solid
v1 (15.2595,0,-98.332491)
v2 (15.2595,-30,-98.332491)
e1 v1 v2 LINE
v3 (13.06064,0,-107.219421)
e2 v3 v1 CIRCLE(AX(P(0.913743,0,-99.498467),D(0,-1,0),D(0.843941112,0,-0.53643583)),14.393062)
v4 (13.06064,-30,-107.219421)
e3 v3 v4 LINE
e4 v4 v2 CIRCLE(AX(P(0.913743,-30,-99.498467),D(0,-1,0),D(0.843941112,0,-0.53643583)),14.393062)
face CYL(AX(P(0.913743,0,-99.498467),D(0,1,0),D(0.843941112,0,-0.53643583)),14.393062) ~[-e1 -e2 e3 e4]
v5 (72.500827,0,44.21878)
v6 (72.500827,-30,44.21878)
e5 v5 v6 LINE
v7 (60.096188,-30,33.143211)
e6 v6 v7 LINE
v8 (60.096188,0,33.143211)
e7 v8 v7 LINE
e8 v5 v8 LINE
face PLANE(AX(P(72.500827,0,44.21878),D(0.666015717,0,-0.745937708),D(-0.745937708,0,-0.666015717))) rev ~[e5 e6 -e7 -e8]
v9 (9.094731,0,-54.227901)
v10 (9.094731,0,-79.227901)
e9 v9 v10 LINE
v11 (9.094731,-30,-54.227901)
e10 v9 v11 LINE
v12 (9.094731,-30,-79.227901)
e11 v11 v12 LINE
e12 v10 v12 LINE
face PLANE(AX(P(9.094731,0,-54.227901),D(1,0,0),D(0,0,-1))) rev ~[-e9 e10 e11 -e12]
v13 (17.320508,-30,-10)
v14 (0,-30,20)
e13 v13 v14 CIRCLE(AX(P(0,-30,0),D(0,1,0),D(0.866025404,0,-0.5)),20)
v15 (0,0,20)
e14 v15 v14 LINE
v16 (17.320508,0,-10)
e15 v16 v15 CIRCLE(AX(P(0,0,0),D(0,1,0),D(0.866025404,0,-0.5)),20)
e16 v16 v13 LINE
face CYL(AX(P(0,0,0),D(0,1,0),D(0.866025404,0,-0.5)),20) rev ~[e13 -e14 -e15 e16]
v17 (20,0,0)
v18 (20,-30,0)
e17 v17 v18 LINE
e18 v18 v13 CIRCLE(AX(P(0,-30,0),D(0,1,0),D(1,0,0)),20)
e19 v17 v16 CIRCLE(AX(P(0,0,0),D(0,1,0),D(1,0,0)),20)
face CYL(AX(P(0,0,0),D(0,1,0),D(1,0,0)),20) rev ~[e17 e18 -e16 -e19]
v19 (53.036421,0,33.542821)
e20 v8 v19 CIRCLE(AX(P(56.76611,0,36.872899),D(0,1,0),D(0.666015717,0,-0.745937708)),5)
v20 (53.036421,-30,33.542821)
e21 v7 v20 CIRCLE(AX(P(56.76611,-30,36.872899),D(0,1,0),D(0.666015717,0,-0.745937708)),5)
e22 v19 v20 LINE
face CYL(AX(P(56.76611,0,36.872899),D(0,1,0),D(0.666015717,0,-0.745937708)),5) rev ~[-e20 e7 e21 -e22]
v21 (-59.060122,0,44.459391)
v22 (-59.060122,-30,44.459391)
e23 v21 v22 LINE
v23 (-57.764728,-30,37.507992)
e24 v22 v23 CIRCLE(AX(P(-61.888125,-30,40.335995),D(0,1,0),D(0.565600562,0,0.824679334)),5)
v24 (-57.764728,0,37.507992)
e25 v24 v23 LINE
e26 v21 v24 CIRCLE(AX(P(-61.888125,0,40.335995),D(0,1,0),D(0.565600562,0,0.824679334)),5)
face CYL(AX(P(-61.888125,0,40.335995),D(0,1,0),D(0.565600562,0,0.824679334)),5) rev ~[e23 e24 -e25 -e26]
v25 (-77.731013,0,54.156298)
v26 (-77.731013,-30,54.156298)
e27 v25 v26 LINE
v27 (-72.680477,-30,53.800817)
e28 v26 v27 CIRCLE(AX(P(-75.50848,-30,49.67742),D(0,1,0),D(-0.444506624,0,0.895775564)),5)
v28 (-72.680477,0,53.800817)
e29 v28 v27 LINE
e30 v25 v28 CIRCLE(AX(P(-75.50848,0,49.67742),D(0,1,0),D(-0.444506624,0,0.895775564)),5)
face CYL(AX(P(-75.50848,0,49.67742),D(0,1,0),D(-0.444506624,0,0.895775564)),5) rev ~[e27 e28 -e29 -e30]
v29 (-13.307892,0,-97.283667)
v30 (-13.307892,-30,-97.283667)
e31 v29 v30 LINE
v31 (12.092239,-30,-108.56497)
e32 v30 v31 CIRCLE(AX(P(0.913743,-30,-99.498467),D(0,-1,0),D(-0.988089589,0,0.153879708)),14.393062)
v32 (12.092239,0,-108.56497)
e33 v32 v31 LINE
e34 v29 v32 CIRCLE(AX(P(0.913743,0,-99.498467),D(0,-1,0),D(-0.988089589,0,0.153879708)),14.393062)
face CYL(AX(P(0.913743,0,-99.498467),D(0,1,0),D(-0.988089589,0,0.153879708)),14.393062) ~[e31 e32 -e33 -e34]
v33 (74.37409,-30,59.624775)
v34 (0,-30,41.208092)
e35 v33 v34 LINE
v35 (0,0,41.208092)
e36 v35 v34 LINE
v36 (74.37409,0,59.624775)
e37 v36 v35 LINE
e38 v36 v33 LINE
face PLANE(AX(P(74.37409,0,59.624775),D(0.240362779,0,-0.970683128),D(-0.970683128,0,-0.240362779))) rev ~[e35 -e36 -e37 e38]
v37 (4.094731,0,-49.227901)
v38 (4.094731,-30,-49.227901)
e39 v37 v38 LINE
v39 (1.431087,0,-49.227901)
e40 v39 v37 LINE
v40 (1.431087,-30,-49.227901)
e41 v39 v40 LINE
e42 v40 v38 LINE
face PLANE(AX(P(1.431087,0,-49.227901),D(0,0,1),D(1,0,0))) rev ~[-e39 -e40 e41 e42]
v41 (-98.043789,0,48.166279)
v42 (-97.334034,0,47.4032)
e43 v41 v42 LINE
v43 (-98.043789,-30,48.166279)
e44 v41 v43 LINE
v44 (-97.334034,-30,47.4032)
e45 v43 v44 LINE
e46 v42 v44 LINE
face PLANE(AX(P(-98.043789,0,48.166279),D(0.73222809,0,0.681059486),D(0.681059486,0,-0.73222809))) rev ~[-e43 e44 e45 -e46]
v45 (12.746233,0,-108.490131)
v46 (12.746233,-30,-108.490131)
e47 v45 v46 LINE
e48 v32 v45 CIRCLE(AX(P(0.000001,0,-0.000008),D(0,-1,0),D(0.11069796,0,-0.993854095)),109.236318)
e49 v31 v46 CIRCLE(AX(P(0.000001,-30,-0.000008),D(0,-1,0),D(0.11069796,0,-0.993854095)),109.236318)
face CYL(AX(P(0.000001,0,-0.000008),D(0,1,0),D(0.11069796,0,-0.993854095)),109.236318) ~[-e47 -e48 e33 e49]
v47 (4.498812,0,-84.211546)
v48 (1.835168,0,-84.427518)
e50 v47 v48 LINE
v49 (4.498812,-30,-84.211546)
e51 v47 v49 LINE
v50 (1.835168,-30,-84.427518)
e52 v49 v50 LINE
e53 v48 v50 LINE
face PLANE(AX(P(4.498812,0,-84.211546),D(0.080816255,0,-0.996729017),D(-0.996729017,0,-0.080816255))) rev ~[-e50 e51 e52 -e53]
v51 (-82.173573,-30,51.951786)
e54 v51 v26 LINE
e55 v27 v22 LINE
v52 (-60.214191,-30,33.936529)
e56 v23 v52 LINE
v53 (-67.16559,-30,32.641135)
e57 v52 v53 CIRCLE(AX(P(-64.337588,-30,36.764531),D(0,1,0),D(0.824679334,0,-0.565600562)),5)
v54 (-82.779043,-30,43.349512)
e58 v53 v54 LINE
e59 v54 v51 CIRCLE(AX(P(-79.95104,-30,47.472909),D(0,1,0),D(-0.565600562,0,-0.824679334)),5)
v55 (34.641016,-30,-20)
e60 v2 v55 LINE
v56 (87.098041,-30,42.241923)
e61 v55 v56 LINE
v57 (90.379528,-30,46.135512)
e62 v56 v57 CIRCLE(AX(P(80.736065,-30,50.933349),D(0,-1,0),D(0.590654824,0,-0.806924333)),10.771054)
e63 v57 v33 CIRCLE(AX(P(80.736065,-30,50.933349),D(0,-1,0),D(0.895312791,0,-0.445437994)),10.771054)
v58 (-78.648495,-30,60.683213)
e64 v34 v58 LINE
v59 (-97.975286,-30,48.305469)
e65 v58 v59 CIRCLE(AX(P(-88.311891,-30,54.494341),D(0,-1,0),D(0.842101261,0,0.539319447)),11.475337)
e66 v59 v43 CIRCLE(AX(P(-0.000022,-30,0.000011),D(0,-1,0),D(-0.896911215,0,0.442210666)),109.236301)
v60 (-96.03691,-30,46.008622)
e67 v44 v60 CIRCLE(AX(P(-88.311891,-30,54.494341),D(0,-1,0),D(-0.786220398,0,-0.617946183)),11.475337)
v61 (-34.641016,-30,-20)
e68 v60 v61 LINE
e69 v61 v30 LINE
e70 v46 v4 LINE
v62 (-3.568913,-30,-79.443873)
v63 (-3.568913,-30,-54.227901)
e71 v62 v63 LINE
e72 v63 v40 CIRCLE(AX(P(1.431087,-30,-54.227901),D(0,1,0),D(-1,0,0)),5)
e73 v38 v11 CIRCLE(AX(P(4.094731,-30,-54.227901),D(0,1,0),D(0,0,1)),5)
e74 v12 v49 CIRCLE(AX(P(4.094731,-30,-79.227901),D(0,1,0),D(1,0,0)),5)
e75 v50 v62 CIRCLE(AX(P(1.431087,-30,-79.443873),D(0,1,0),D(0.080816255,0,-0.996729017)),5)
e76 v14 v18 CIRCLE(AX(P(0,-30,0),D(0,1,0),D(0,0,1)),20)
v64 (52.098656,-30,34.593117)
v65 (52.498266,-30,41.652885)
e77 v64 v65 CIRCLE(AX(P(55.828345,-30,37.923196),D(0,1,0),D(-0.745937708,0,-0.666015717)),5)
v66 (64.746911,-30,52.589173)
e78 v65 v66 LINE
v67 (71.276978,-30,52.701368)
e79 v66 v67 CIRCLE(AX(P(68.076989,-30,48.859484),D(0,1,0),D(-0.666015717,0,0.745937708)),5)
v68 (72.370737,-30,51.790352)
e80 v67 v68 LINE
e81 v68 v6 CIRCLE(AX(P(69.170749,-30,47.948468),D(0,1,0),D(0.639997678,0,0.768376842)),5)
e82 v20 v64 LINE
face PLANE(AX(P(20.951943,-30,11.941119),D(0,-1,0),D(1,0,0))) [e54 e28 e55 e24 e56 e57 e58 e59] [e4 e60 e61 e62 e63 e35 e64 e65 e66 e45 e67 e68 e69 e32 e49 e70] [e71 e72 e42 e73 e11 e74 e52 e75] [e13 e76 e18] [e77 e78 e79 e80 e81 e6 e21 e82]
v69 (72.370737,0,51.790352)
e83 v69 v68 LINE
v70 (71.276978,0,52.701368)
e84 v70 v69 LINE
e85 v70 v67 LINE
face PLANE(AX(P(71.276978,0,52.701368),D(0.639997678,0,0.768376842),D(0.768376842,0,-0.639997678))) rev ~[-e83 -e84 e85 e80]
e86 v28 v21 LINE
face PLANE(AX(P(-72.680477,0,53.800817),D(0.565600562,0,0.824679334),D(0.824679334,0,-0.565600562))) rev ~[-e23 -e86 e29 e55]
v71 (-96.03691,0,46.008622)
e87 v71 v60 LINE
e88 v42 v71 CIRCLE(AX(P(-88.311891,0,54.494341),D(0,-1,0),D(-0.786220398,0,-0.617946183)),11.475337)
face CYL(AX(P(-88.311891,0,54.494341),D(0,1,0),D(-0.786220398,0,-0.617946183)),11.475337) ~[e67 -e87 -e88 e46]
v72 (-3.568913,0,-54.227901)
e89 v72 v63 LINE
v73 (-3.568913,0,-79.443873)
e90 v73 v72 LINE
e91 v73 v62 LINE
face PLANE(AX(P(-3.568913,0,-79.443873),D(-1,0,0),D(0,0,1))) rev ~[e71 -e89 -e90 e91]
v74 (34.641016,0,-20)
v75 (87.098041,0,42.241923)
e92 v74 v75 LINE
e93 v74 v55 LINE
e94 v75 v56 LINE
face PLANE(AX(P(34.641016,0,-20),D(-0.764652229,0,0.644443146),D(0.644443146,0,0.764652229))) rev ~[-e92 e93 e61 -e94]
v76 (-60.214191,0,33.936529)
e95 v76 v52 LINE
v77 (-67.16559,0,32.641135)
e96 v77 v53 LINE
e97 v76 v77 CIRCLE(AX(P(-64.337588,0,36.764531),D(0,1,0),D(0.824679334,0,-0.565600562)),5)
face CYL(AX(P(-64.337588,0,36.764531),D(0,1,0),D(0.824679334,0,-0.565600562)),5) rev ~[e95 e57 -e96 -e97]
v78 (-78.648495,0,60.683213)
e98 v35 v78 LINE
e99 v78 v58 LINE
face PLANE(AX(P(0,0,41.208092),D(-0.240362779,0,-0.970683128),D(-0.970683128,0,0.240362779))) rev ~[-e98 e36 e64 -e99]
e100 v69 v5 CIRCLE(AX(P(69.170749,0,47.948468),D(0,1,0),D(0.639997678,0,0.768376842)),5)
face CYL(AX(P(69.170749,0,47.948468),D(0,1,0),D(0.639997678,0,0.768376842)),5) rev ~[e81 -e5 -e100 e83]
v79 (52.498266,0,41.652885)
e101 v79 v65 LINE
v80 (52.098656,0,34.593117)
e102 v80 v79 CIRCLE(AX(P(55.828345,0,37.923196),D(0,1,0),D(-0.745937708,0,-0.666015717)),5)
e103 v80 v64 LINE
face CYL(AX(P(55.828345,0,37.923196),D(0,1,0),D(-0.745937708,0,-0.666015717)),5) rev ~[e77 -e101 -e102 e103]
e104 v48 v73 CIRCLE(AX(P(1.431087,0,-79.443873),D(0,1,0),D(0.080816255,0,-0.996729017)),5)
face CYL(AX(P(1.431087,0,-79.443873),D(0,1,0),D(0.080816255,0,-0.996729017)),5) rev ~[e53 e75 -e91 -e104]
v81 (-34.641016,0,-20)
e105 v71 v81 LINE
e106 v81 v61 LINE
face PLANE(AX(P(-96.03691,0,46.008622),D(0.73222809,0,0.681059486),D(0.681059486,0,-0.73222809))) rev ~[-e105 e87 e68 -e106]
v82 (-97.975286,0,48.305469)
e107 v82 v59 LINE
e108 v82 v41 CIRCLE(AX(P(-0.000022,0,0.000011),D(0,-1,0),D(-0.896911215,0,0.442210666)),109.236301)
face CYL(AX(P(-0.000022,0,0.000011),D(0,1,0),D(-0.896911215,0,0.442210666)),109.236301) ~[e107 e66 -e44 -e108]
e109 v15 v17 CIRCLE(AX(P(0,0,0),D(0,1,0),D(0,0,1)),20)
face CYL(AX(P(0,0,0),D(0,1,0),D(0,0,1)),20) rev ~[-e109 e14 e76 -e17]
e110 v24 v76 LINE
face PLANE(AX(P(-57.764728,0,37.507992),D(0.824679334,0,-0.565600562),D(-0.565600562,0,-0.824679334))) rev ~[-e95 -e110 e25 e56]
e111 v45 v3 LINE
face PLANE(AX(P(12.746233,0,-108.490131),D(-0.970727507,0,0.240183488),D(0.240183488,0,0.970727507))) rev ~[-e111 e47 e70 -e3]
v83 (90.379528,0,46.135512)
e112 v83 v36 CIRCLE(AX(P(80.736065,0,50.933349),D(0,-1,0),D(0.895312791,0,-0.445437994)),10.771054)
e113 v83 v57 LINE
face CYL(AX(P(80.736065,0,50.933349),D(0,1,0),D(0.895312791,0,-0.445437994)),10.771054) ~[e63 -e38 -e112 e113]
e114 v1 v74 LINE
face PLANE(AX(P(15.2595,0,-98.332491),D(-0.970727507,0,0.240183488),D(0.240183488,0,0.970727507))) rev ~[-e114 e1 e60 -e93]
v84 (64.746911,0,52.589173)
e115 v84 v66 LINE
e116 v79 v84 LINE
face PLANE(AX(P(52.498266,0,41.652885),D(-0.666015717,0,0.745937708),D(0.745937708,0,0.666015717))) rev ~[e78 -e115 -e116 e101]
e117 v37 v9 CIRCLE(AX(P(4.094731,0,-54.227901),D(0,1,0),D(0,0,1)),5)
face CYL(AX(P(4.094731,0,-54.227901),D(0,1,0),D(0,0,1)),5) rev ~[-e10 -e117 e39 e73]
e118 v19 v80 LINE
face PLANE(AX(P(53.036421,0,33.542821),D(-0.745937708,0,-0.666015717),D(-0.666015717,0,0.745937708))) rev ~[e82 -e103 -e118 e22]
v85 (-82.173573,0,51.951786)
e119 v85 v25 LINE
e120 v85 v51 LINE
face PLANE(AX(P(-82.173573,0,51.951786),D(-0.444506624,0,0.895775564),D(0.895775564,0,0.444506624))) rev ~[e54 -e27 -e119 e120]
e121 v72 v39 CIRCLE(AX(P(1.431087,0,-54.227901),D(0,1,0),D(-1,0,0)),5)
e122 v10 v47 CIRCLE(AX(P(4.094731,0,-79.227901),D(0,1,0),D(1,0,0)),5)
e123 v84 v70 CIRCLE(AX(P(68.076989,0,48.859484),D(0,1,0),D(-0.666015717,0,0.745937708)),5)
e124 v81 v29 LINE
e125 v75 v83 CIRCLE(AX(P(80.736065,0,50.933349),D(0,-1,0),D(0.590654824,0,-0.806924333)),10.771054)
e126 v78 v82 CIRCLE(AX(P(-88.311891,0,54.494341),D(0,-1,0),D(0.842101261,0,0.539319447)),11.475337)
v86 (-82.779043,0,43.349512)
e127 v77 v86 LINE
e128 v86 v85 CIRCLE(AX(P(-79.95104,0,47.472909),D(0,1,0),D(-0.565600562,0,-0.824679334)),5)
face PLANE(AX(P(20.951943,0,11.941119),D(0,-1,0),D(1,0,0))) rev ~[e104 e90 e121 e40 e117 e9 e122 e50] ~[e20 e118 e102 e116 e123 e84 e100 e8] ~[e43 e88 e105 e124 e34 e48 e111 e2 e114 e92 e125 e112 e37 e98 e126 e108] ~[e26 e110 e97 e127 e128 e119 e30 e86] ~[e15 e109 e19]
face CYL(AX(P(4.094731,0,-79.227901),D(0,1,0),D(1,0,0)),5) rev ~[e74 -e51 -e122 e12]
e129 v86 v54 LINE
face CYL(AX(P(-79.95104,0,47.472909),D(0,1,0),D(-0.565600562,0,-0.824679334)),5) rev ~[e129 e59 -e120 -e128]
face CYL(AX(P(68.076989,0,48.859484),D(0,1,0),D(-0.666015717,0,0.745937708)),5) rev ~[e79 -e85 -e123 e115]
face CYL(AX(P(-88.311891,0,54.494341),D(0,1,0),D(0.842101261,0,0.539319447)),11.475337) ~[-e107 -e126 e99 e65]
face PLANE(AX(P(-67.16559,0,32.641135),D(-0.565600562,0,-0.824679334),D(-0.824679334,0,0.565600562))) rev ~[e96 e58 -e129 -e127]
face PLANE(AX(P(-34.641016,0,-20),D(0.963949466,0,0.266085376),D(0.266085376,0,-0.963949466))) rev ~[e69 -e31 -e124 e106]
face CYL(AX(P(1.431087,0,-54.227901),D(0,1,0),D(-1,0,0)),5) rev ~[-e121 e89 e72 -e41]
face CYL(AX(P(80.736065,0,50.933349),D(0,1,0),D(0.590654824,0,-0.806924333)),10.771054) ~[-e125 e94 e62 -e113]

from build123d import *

# Parameters (mm, degrees)
F1_DEPTH = 30


with BuildPart() as f1:
    # F0 (on Front) → F1 (new body)
    with BuildSketch(Plane.XZ):
        with BuildLine():
            ThreePointArc((0, 20), (14.1421356237, 14.1421356237), (20, 0))
            ThreePointArc((20, 0), (19.3185165258, -5.1763809021), (17.3205080757, -10))
            Line((17.3205080757, -10), (34.6410161514, -20))
            ThreePointArc((34.6410161514, -20), (38.6370330516, -10.3527618041), (40, 0))
            ThreePointArc((40, 0), (28.2842712475, 28.2842712475), (0, 40))
            Line((0, 40), (0, 20))
        make_face()
        with BuildLine():
            ThreePointArc((-17.3205080757, -10), (-17.3205080757, 10), (0, 20))
            Line((0, 20), (0, 40))
            ThreePointArc((0, 40), (-34.6410161514, 20), (-34.6410161514, -20))
            Line((-34.6410161514, -20), (-17.3205080757, -10))
        make_face()
        with BuildLine():
            Line((34.6410161514, -20), (17.3205080757, -10))
            ThreePointArc((17.3205080757, -10), (0, -20), (-17.3205080757, -10))
            Line((-17.3205080757, -10), (-34.6410161514, -20))
            ThreePointArc((-34.6410161514, -20), (0, -40), (34.6410161514, -20))
        make_face()
        with BuildLine():
            Line((0, 41.2080923802), (0, 40))
            ThreePointArc((0, 40), (28.2842712475, 28.2842712475), (40, 0))
            ThreePointArc((40, 0), (38.6370330516, -10.3527618041), (34.6410161514, -20))
            Line((34.6410161514, -20), (87.0980406655, 42.2419230739))
            Line((87.0980406655, 42.2419230739), (90.3795282046, 46.1355120998))
            ThreePointArc((90.3795282046, 46.1355120998), (87.6773976066, 59.169459769), (74.3740901327, 59.6247748962))
            Line((74.3740901327, 59.6247748962), (0, 41.2080923802))
        make_face()
        with BuildLine():
            Line((52.4982662547, 41.6528845414), (64.7469107295, 52.5891727206))
            ThreePointArc((64.7469107295, 52.5891727206), (67.9910950093, 53.8587463433), (71.2769777073, 52.7013683932))
            Line((71.2769777073, 52.7013683932), (72.3707372539, 51.7903524287))
            ThreePointArc((72.3707372539, 51.7903524287), (74.1700110257, 48.0343625239), (72.5008274506, 44.2187796768))
            Line((72.5008274506, 44.2187796768), (60.0961883513, 33.1432106023))
            ThreePointArc((60.0961883513, 33.1432106023), (56.4835428569, 31.8808899329), (53.0364212244, 33.5428205547))
            Line((53.0364212244, 33.5428205547), (52.0986563023, 34.5931174145))
            ThreePointArc((52.0986563023, 34.5931174145), (50.8363356329, 38.2057629089), (52.4982662547, 41.6528845414))
        make_face(mode=Mode.SUBTRACT)
        with BuildLine():
            ThreePointArc((-34.6410161514, -20), (-34.6410161514, 20), (0, 40))
            Line((0, 40), (0, 41.2080923802))
            Line((0, 41.2080923802), (-78.648495238, 60.6832128768))
            ThreePointArc((-78.648495238, 60.6832128768), (-94.5007627814, 64.1577360912), (-97.9752859957, 48.3054685478))
            ThreePointArc((-97.9752859957, 48.3054685478), (-97.665545753, 47.846597899), (-97.3340342886, 47.4032002904))
            Line((-97.3340342886, 47.4032002904), (-96.0369097456, 46.008621628))
            Line((-96.0369097456, 46.008621628), (-34.6410161514, -20))
        make_face()
        with BuildLine():
            ThreePointArc((-77.7310128404, 54.1562976769), (-75.1574240307, 54.6650806206), (-72.680476913, 53.8008165284))
            Line((-72.680476913, 53.8008165284), (-59.060121913, 44.459391182))
            ThreePointArc((-59.060121913, 44.459391182), (-56.9727430098, 41.2519762953), (-57.7647280489, 37.5079917015))
            Line((-57.7647280489, 37.5079917015), (-60.2141910125, 33.9365286874))
            ThreePointArc((-60.2141910125, 33.9365286874), (-63.4216058992, 31.8491497842), (-67.1655904929, 32.6411348232))
            Line((-67.1655904929, 32.6411348232), (-82.7790425629, 43.3495118745))
            ThreePointArc((-82.7790425629, 43.3495118745), (-84.9387005193, 47.8239642372), (-82.173572874, 51.9517863676))
            Line((-82.173572874, 51.9517863676), (-77.7310128404, 54.1562976769))
        make_face(mode=Mode.SUBTRACT)
        with BuildLine():
            Line((15.259499846, -98.3324913068), (34.6410161514, -20))
            ThreePointArc((34.6410161514, -20), (0, -40), (-34.6410161514, -20))
            Line((-34.6410161514, -20), (-13.3078921314, -97.283666792))
            ThreePointArc((-13.3078921314, -97.283666792), (-4.9285276728, -112.6524822668), (12.0922385211, -108.5649700645))
            ThreePointArc((12.0922385211, -108.5649700645), (12.5958279162, -107.9061499031), (13.0606398786, -107.2194213368))
            ThreePointArc((13.0606398786, -107.2194213368), (14.8854843554, -102.9554429256), (15.259499846, -98.3324913068))
        make_face()
        with BuildLine():
            Line((-3.5689128563, -79.4438733363), (-3.5689128563, -54.2279011791))
            ThreePointArc((-3.5689128563, -54.2279011791), (-2.1044467622, -50.6923672732), (1.4310871437, -49.2279011791))
            Line((1.4310871437, -49.2279011791), (4.0947309509, -49.2279011791))
            ThreePointArc((4.0947309509, -49.2279011791), (7.6302648568, -50.6923672732), (9.0947309509, -54.2279011791))
            Line((9.0947309509, -54.2279011791), (9.0947309509, -79.2279011791))
            ThreePointArc((9.0947309509, -79.2279011791), (7.77035378, -82.6175614598), (4.4988122236, -84.2115462633))
            Line((4.4988122236, -84.2115462633), (1.8351684164, -84.4275184205))
            ThreePointArc((1.8351684164, -84.4275184205), (-1.9585731369, -83.1194961654), (-3.5689128563, -79.4438733363))
        make_face(mode=Mode.SUBTRACT)
        with BuildLine():
            Line((90.3795282046, 46.1355120998), (87.0980406655, 42.2419230739))
            ThreePointArc((87.0980406655, 42.2419230739), (88.972176183, 43.9920167775), (90.3795282046, 46.1355120998))
        make_face()
        with BuildLine():
            ThreePointArc((-97.3340342886, 47.4032002904), (-96.714454385, 46.6789538991), (-96.0369097456, 46.008621628))
            Line((-96.0369097456, 46.008621628), (-97.3340342886, 47.4032002904))
        make_face()
        with BuildLine():
            Line((12.7462329479, -108.4901309023), (13.0606398786, -107.2194213368))
            ThreePointArc((13.0606398786, -107.2194213368), (12.5958279162, -107.9061499031), (12.0922385211, -108.5649700645))
            ThreePointArc((12.0922385211, -108.5649700645), (12.4192921076, -108.5280431092), (12.7462329479, -108.4901309023))
        make_face()
        with BuildLine():
            Line((-98.0437887158, 48.1662791983), (-97.3340342886, 47.4032002904))
            ThreePointArc((-97.3340342886, 47.4032002904), (-97.665545753, 47.846597899), (-97.9752859957, 48.3054685478))
            ThreePointArc((-97.9752859957, 48.3054685478), (-98.0095620647, 48.2358860336), (-98.0437887158, 48.1662791983))
        make_face()
    extrude(amount=F1_DEPTH)


solid = f1.part
